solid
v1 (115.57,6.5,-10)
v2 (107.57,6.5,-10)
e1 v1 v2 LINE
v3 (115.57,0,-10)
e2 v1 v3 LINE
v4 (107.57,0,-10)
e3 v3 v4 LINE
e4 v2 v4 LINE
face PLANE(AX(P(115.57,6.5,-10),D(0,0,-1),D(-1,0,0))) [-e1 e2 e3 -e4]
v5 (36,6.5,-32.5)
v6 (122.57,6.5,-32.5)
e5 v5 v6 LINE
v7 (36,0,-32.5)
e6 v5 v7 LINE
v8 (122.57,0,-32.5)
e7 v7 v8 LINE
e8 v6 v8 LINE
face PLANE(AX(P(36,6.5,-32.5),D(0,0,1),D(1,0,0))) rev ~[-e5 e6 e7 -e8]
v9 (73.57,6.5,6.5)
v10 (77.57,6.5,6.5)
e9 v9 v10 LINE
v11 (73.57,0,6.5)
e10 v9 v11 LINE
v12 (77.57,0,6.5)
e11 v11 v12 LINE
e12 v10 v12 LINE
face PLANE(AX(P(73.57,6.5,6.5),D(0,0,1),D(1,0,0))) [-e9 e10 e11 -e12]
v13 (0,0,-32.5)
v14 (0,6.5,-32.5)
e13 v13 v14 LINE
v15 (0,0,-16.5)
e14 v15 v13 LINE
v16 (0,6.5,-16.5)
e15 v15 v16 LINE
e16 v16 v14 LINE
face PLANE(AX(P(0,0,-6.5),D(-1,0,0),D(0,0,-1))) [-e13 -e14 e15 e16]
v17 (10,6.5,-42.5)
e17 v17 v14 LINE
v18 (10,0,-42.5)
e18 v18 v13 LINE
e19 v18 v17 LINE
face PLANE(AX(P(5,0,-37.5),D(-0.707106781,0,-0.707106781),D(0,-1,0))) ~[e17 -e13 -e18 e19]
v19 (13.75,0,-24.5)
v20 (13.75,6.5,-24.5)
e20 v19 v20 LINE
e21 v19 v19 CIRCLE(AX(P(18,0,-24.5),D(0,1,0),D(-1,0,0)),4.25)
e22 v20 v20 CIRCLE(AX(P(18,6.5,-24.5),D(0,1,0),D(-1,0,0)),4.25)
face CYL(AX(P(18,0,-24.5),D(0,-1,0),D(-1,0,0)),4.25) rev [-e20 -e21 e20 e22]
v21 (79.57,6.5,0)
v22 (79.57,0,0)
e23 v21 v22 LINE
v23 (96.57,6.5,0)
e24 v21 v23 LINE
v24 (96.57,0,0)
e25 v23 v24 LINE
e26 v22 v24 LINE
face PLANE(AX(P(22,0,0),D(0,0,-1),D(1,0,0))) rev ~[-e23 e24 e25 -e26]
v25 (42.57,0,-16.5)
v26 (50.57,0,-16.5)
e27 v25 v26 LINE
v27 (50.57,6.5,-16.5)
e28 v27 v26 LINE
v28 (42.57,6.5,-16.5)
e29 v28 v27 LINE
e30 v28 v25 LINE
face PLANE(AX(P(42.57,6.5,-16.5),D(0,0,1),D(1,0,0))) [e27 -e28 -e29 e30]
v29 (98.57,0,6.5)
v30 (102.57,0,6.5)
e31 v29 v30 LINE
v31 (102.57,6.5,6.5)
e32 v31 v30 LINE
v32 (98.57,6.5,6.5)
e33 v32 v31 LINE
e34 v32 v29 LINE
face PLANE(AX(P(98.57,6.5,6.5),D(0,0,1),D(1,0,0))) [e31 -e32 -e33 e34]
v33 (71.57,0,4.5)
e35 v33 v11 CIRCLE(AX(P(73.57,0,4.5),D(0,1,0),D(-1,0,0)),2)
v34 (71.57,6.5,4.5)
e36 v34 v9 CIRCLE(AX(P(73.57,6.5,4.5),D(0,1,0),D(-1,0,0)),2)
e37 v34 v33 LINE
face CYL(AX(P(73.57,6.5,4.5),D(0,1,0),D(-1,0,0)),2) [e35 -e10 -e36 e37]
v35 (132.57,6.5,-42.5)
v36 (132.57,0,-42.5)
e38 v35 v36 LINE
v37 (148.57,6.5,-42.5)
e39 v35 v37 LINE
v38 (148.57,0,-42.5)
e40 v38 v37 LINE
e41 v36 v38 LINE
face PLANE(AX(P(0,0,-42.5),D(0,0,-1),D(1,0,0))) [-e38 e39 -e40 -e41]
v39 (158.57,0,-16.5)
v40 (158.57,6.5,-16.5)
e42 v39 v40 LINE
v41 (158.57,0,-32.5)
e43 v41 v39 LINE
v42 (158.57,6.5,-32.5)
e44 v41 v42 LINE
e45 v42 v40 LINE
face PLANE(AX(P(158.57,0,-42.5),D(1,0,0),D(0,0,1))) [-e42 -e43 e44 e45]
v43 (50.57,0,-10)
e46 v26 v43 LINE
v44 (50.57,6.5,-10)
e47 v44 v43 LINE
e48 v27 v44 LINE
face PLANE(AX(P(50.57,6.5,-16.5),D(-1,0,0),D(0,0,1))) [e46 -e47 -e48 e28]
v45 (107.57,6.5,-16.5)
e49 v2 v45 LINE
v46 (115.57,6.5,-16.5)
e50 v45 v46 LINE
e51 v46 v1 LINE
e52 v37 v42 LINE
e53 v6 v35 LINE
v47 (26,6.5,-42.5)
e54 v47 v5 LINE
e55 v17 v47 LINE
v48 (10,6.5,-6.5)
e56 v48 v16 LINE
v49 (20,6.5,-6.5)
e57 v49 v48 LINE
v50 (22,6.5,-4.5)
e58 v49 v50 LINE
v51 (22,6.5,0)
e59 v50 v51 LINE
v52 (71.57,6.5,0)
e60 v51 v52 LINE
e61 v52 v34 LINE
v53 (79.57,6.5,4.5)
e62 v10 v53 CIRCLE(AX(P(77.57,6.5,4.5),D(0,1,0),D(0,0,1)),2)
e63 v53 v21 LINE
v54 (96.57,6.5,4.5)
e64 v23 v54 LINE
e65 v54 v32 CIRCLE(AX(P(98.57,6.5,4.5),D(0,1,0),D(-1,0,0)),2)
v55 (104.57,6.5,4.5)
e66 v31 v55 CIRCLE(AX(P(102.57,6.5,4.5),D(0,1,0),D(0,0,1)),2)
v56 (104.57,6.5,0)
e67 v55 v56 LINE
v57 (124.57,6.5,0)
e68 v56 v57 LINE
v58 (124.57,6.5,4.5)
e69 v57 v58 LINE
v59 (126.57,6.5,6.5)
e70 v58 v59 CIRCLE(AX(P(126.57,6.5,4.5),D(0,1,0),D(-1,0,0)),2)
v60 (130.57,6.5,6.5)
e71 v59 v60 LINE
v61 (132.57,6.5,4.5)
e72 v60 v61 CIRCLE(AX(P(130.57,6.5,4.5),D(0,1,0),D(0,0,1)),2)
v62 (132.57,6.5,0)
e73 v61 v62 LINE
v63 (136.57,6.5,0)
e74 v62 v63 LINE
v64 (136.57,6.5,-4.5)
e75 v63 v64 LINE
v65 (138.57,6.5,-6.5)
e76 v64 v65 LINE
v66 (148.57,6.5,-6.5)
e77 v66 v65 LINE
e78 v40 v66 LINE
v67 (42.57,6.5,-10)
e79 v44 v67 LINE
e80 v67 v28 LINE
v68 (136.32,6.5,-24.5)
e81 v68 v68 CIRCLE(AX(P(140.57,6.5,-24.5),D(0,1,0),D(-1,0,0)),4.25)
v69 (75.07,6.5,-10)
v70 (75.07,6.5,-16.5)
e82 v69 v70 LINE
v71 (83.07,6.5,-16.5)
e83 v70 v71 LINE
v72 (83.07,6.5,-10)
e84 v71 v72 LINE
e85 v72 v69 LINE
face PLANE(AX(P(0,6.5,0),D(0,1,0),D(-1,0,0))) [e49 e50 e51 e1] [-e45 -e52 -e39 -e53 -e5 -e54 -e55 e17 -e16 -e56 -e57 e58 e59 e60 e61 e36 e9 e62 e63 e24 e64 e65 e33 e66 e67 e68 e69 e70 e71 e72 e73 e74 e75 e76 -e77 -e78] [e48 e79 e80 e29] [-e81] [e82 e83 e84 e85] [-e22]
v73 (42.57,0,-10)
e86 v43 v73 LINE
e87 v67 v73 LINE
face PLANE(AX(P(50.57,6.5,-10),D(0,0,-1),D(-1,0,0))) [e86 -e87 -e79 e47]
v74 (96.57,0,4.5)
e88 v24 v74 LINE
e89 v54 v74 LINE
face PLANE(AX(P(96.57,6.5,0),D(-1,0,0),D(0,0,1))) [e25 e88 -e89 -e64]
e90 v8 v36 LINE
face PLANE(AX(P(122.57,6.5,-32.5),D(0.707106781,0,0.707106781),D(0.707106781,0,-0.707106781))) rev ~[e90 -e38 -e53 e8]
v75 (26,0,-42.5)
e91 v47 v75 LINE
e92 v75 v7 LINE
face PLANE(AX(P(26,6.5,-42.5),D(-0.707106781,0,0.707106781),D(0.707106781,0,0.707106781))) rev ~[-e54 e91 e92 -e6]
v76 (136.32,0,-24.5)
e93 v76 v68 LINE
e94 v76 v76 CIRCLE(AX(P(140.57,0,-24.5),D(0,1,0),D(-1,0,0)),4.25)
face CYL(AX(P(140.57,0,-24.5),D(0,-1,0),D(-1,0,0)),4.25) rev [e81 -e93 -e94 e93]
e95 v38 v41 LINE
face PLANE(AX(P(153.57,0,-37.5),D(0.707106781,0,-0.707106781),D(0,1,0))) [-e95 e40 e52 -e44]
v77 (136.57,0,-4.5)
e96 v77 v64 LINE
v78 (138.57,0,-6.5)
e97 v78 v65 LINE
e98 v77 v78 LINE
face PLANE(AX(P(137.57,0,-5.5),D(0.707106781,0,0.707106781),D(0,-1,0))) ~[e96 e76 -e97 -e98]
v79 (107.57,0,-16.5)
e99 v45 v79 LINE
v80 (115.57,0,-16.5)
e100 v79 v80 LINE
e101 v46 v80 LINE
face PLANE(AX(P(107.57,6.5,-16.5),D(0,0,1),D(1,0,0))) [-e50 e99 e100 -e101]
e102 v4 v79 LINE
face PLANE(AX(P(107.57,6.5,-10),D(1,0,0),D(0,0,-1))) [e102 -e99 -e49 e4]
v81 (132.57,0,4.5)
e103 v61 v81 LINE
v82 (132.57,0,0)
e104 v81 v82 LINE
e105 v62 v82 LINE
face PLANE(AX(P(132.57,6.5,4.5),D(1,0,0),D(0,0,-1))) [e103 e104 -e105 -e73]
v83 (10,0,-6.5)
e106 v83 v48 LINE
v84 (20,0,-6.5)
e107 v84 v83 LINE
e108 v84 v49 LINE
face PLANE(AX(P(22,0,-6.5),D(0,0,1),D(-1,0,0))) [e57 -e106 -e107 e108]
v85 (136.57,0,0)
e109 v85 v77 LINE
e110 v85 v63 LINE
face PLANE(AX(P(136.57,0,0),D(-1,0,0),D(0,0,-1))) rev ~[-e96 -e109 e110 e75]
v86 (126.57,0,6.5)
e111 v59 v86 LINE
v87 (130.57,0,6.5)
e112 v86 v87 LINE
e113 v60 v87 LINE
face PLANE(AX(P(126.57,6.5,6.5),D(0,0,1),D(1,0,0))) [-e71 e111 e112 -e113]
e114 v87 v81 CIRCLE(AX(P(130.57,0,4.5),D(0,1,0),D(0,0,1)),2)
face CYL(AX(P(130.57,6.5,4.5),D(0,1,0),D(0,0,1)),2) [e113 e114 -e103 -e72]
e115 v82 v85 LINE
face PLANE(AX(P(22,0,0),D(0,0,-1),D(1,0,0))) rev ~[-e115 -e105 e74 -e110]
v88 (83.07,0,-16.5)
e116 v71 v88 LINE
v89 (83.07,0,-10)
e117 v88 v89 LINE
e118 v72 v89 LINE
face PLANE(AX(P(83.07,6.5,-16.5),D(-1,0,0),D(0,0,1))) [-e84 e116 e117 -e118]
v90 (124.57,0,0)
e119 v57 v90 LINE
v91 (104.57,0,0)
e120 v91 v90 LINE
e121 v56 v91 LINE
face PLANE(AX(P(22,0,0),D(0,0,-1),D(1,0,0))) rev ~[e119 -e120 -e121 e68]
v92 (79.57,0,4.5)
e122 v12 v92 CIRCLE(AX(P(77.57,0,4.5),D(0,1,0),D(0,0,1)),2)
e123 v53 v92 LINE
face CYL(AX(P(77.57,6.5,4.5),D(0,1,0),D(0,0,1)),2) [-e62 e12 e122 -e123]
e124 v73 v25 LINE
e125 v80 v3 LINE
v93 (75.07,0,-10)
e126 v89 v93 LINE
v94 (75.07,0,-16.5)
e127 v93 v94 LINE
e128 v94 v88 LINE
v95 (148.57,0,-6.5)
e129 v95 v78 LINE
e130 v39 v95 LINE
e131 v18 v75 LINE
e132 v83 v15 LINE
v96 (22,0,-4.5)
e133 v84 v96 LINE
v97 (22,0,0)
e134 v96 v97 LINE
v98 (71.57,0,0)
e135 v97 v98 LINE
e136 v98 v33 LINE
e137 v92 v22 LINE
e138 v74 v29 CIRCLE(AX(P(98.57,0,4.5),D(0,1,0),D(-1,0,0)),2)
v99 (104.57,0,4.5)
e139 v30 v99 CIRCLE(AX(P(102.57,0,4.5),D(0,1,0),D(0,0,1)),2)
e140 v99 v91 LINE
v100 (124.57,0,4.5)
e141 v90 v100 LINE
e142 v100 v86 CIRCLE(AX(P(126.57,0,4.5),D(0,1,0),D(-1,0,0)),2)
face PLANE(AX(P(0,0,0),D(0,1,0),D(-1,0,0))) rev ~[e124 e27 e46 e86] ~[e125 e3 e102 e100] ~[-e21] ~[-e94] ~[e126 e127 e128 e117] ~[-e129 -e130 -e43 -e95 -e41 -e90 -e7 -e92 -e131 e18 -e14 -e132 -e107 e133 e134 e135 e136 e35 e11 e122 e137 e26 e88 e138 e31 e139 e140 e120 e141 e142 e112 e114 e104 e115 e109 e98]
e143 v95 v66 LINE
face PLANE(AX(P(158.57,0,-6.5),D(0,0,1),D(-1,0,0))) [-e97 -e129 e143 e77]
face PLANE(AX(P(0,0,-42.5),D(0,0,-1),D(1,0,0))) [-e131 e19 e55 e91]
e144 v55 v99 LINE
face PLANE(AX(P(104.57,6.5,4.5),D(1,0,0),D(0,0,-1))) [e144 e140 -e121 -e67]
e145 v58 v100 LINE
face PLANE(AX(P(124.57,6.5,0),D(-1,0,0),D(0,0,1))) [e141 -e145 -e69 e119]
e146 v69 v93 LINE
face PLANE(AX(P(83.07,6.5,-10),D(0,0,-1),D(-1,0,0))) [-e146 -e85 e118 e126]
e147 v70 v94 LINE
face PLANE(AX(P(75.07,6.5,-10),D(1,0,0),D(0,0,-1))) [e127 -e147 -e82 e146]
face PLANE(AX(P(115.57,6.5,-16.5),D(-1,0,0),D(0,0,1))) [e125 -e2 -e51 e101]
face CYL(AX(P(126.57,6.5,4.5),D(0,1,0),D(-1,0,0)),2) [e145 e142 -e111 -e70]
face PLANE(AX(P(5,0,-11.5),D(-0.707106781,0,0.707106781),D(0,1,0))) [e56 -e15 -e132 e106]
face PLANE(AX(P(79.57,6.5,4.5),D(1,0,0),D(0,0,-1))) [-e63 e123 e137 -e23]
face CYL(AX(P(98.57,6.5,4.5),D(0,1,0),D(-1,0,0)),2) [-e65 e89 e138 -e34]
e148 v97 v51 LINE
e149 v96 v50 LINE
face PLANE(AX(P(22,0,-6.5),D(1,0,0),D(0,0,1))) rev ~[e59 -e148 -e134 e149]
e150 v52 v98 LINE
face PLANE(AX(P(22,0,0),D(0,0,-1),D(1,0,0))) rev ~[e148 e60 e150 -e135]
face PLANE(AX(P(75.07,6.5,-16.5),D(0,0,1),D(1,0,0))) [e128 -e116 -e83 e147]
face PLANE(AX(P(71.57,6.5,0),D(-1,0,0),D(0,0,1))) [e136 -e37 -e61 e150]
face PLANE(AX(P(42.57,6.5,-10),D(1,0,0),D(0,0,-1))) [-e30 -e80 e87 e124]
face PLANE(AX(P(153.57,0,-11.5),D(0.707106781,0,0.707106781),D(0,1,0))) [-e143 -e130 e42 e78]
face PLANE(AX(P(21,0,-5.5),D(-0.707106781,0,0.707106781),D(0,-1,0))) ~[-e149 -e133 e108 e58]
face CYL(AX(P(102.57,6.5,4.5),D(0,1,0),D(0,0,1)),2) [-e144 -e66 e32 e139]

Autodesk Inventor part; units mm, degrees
ref_plane "YZ Plane" through (0, 0, 0) normal (1, 0, 0) x (0, 1, 0)
ref_plane "XZ Plane" through (0, 0, 0) normal (0, 1, 0) x (-1, 0, 0)
ref_plane "XY Plane" through (0, 0, 0) normal (0, 0, 1) x (1, 0, 0)
sketch "Sketch1" plane through (0, 0, 0) normal (0, 1, 0) x (-1, 0, 0)
  circle A0 centre (-18, -24.5) radius 13 construction
  circle A1 centre (-140.57, -24.5) radius 13 construction
  circle A2 centre (-4.1, -24.5) radius 0.9 construction
  circle A3 centre (-154.47, -24.5) radius 0.9 construction
  line L0 (0, -42.5) -> (-158.57, -42.5)
  line L1 (-158.57, -42.5) -> (-158.57, -6.5)
  line L2 (0, -6.5) -> (0, -42.5)
  line L3 (-22, -6.5) -> (-22, 0)
  line L4 (-22, 0) -> (-136.57, 0)
  line L5 (-136.57, 0) -> (-136.57, -6.5)
  line L6 (-158.57, -6.5) -> (-136.57, -6.5)
  line L7 (-22, -6.5) -> (0, -6.5)
  circle A4 centre (-18, -24.5) radius 17 construction
  circle A5 centre (-18, -24.5) radius 4.25
  circle A6 centre (-140.57, -24.5) radius 4.25
  point P0 (0, 0)
  point P1 (0, -24.5)
  dimension "d0" = 26
  dimension "d1" = 1.8
  dimension "d3" = 150.37
  dimension "d4" = 36
  dimension "d5" = 18
  dimension "d6" = 18
  dimension "d7" = 6.5
  dimension "d8" = 34
  dimension "d9" = 22
  dimension "d10" = 22
  dimension "d11" = 8.5
extrude "Extrusion1" add sketch "Sketch1" along normal blind 6.5
chamfer "Chamfer1" distance 10 angle 45 4 edges at (0, 3.25, -42.5) (0, 3.25, -6.5) (158.57, 3.25, -6.5) (158.57, 3.25, -42.5)
sketch "Sketch2" plane through (0, 6.5, 0) normal (0, 1, 0) x (1, 0, 0)
  line L0 (148.57, 42.5) -> (10, 42.5) projected
  line L1 (158.57, 16.5) -> (148.57, 6.5) projected
  line L2 (158.57, 16.5) -> (158.57, 32.5) projected
  line L3 (26, 42.5) -> (36, 32.5)
  line L4 (36, 32.5) -> (122.57, 32.5)
  line L5 (122.57, 32.5) -> (132.57, 42.5)
  line L6 (26, 42.5) -> (132.57, 42.5)
  point P0 (0, 32.5)
  point P1 (0, 16.5)
  point P2 (0, 0)
  dimension "d17" = 10
  dimension "d18" = 16
  dimension "d19" = 16
  dimension "d20" = 16
extrude "Extrusion2" cut sketch "Sketch2" against normal through all
sketch "Sketch3" plane through (0, 6.5, 0) normal (0, 1, 0) x (1, 0, 0)
  line L0 (22, 0) -> (136.57, 0) projected
  circle A0 centre (140.57, 24.5) radius 4.25 projected
  circle A1 centre (18, 24.5) radius 4.25 projected
  line L1 (36.57, 16.5) -> (121.57, 16.5) construction
  line L2 (121.57, 16.5) -> (121.57, 10) construction
  line L3 (121.57, 10) -> (36.57, 10) construction
  line L4 (36.57, 10) -> (36.57, 16.5) construction
  circle A2 centre (18, 24.5) radius 17 construction
  circle A3 centre (140.57, 24.5) radius 17 construction
  line L5 (42.57, 16.5) -> (50.57, 16.5)
  line L6 (50.57, 16.5) -> (50.57, 10)
  line L7 (50.57, 10) -> (42.57, 10)
  line L8 (42.57, 10) -> (42.57, 16.5)
  line L9 (75.07, 16.5) -> (83.07, 16.5)
  line L10 (83.07, 16.5) -> (83.07, 10)
  line L11 (83.07, 10) -> (75.07, 10)
  line L12 (75.07, 10) -> (75.07, 16.5)
  line L13 (107.57, 16.5) -> (115.57, 16.5)
  line L14 (115.57, 16.5) -> (115.57, 10)
  line L15 (115.57, 10) -> (107.57, 10)
  line L16 (107.57, 10) -> (107.57, 16.5)
  line L17 (50.57, 13.25) -> (75.07, 13.25) construction
  line L18 (83.07, 13.25) -> (107.57, 13.25) construction
  point P0 (0, 0)
  dimension "d23" = 6.5
  dimension "d24" = 85
  dimension "d25" = 34
  dimension "d26" = 34
  dimension "d27" = 19
  dimension "d28" = 10
  dimension "d29" = 8
  dimension "d30" = 6
  dimension "d31" = 6
extrude "Extrusion3" cut sketch "Sketch3" against normal through all contours L5 L6 L7 L8 | L9 L10 L11 L12 | L13 L14 L15 L16
chamfer "Chamfer2" distance 2 angle 45 2 edges at (22, 3.25, -6.5) (136.57, 3.25, -6.5)
sketch "Sketch4" plane through (0, 6.5, 0) normal (0, 1, 0) x (1, 0, 0)
  line L0 (22, 0) -> (136.57, 0) projected
  line L1 (136.57, 0) -> (136.57, 4.5) projected
  line L2 (132.57, 0) -> (124.57, 0)
  line L3 (124.57, 0) -> (124.57, -4.5)
  line L4 (126.57, -6.5) -> (130.57, -6.5)
  line L5 (132.57, -4.5) -> (132.57, 0)
  line L6 (104.57, 0) -> (96.57, 0)
  line L7 (96.57, 0) -> (96.57, -4.5)
  line L8 (98.57, -6.5) -> (102.57, -6.5)
  line L9 (104.57, -4.5) -> (104.57, 0)
  line L10 (79.57, 0) -> (71.57, 0)
  line L11 (71.57, 0) -> (71.57, -4.5)
  line L12 (73.57, -6.5) -> (77.57, -6.5)
  line L13 (79.57, -4.5) -> (79.57, 0)
  arc A0 (124.57, -4.5) -> (126.57, -6.5) centre (126.57, -4.5) ccw
  arc A1 (130.57, -6.5) -> (132.57, -4.5) centre (130.57, -4.5) ccw
  arc A2 (102.57, -6.5) -> (104.57, -4.5) centre (102.57, -4.5) ccw
  arc A3 (96.57, -4.5) -> (98.57, -6.5) centre (98.57, -4.5) ccw
  arc A4 (77.57, -6.5) -> (79.57, -4.5) centre (77.57, -4.5) ccw
  arc A5 (71.57, -4.5) -> (73.57, -6.5) centre (73.57, -4.5) ccw
  point P0 (0, 0)
  dimension "d37" = 2
  dimension "d38" = 8
  dimension "d39" = 8
  dimension "d40" = 8
  dimension "d41" = 6.5
  dimension "d42" = 4
  dimension "d43" = 20
  dimension "d44" = 45
extrude "Extrusion4" add sketch "Sketch4" against normal blind 6.5
equation "\"d5\" = 0.5 * d4"
equation "\"d6\" = d5"
equation "\"d10\" = d9"
equation "\"d19\" = d18"
equation "\"d20\" = d19"
equation "\"d31\" = d30"
equation "\"d39\" = d38"
equation "\"d40\" = d39"
properties part number "z_pulley_holder_left" material "Plywood, Finish"
